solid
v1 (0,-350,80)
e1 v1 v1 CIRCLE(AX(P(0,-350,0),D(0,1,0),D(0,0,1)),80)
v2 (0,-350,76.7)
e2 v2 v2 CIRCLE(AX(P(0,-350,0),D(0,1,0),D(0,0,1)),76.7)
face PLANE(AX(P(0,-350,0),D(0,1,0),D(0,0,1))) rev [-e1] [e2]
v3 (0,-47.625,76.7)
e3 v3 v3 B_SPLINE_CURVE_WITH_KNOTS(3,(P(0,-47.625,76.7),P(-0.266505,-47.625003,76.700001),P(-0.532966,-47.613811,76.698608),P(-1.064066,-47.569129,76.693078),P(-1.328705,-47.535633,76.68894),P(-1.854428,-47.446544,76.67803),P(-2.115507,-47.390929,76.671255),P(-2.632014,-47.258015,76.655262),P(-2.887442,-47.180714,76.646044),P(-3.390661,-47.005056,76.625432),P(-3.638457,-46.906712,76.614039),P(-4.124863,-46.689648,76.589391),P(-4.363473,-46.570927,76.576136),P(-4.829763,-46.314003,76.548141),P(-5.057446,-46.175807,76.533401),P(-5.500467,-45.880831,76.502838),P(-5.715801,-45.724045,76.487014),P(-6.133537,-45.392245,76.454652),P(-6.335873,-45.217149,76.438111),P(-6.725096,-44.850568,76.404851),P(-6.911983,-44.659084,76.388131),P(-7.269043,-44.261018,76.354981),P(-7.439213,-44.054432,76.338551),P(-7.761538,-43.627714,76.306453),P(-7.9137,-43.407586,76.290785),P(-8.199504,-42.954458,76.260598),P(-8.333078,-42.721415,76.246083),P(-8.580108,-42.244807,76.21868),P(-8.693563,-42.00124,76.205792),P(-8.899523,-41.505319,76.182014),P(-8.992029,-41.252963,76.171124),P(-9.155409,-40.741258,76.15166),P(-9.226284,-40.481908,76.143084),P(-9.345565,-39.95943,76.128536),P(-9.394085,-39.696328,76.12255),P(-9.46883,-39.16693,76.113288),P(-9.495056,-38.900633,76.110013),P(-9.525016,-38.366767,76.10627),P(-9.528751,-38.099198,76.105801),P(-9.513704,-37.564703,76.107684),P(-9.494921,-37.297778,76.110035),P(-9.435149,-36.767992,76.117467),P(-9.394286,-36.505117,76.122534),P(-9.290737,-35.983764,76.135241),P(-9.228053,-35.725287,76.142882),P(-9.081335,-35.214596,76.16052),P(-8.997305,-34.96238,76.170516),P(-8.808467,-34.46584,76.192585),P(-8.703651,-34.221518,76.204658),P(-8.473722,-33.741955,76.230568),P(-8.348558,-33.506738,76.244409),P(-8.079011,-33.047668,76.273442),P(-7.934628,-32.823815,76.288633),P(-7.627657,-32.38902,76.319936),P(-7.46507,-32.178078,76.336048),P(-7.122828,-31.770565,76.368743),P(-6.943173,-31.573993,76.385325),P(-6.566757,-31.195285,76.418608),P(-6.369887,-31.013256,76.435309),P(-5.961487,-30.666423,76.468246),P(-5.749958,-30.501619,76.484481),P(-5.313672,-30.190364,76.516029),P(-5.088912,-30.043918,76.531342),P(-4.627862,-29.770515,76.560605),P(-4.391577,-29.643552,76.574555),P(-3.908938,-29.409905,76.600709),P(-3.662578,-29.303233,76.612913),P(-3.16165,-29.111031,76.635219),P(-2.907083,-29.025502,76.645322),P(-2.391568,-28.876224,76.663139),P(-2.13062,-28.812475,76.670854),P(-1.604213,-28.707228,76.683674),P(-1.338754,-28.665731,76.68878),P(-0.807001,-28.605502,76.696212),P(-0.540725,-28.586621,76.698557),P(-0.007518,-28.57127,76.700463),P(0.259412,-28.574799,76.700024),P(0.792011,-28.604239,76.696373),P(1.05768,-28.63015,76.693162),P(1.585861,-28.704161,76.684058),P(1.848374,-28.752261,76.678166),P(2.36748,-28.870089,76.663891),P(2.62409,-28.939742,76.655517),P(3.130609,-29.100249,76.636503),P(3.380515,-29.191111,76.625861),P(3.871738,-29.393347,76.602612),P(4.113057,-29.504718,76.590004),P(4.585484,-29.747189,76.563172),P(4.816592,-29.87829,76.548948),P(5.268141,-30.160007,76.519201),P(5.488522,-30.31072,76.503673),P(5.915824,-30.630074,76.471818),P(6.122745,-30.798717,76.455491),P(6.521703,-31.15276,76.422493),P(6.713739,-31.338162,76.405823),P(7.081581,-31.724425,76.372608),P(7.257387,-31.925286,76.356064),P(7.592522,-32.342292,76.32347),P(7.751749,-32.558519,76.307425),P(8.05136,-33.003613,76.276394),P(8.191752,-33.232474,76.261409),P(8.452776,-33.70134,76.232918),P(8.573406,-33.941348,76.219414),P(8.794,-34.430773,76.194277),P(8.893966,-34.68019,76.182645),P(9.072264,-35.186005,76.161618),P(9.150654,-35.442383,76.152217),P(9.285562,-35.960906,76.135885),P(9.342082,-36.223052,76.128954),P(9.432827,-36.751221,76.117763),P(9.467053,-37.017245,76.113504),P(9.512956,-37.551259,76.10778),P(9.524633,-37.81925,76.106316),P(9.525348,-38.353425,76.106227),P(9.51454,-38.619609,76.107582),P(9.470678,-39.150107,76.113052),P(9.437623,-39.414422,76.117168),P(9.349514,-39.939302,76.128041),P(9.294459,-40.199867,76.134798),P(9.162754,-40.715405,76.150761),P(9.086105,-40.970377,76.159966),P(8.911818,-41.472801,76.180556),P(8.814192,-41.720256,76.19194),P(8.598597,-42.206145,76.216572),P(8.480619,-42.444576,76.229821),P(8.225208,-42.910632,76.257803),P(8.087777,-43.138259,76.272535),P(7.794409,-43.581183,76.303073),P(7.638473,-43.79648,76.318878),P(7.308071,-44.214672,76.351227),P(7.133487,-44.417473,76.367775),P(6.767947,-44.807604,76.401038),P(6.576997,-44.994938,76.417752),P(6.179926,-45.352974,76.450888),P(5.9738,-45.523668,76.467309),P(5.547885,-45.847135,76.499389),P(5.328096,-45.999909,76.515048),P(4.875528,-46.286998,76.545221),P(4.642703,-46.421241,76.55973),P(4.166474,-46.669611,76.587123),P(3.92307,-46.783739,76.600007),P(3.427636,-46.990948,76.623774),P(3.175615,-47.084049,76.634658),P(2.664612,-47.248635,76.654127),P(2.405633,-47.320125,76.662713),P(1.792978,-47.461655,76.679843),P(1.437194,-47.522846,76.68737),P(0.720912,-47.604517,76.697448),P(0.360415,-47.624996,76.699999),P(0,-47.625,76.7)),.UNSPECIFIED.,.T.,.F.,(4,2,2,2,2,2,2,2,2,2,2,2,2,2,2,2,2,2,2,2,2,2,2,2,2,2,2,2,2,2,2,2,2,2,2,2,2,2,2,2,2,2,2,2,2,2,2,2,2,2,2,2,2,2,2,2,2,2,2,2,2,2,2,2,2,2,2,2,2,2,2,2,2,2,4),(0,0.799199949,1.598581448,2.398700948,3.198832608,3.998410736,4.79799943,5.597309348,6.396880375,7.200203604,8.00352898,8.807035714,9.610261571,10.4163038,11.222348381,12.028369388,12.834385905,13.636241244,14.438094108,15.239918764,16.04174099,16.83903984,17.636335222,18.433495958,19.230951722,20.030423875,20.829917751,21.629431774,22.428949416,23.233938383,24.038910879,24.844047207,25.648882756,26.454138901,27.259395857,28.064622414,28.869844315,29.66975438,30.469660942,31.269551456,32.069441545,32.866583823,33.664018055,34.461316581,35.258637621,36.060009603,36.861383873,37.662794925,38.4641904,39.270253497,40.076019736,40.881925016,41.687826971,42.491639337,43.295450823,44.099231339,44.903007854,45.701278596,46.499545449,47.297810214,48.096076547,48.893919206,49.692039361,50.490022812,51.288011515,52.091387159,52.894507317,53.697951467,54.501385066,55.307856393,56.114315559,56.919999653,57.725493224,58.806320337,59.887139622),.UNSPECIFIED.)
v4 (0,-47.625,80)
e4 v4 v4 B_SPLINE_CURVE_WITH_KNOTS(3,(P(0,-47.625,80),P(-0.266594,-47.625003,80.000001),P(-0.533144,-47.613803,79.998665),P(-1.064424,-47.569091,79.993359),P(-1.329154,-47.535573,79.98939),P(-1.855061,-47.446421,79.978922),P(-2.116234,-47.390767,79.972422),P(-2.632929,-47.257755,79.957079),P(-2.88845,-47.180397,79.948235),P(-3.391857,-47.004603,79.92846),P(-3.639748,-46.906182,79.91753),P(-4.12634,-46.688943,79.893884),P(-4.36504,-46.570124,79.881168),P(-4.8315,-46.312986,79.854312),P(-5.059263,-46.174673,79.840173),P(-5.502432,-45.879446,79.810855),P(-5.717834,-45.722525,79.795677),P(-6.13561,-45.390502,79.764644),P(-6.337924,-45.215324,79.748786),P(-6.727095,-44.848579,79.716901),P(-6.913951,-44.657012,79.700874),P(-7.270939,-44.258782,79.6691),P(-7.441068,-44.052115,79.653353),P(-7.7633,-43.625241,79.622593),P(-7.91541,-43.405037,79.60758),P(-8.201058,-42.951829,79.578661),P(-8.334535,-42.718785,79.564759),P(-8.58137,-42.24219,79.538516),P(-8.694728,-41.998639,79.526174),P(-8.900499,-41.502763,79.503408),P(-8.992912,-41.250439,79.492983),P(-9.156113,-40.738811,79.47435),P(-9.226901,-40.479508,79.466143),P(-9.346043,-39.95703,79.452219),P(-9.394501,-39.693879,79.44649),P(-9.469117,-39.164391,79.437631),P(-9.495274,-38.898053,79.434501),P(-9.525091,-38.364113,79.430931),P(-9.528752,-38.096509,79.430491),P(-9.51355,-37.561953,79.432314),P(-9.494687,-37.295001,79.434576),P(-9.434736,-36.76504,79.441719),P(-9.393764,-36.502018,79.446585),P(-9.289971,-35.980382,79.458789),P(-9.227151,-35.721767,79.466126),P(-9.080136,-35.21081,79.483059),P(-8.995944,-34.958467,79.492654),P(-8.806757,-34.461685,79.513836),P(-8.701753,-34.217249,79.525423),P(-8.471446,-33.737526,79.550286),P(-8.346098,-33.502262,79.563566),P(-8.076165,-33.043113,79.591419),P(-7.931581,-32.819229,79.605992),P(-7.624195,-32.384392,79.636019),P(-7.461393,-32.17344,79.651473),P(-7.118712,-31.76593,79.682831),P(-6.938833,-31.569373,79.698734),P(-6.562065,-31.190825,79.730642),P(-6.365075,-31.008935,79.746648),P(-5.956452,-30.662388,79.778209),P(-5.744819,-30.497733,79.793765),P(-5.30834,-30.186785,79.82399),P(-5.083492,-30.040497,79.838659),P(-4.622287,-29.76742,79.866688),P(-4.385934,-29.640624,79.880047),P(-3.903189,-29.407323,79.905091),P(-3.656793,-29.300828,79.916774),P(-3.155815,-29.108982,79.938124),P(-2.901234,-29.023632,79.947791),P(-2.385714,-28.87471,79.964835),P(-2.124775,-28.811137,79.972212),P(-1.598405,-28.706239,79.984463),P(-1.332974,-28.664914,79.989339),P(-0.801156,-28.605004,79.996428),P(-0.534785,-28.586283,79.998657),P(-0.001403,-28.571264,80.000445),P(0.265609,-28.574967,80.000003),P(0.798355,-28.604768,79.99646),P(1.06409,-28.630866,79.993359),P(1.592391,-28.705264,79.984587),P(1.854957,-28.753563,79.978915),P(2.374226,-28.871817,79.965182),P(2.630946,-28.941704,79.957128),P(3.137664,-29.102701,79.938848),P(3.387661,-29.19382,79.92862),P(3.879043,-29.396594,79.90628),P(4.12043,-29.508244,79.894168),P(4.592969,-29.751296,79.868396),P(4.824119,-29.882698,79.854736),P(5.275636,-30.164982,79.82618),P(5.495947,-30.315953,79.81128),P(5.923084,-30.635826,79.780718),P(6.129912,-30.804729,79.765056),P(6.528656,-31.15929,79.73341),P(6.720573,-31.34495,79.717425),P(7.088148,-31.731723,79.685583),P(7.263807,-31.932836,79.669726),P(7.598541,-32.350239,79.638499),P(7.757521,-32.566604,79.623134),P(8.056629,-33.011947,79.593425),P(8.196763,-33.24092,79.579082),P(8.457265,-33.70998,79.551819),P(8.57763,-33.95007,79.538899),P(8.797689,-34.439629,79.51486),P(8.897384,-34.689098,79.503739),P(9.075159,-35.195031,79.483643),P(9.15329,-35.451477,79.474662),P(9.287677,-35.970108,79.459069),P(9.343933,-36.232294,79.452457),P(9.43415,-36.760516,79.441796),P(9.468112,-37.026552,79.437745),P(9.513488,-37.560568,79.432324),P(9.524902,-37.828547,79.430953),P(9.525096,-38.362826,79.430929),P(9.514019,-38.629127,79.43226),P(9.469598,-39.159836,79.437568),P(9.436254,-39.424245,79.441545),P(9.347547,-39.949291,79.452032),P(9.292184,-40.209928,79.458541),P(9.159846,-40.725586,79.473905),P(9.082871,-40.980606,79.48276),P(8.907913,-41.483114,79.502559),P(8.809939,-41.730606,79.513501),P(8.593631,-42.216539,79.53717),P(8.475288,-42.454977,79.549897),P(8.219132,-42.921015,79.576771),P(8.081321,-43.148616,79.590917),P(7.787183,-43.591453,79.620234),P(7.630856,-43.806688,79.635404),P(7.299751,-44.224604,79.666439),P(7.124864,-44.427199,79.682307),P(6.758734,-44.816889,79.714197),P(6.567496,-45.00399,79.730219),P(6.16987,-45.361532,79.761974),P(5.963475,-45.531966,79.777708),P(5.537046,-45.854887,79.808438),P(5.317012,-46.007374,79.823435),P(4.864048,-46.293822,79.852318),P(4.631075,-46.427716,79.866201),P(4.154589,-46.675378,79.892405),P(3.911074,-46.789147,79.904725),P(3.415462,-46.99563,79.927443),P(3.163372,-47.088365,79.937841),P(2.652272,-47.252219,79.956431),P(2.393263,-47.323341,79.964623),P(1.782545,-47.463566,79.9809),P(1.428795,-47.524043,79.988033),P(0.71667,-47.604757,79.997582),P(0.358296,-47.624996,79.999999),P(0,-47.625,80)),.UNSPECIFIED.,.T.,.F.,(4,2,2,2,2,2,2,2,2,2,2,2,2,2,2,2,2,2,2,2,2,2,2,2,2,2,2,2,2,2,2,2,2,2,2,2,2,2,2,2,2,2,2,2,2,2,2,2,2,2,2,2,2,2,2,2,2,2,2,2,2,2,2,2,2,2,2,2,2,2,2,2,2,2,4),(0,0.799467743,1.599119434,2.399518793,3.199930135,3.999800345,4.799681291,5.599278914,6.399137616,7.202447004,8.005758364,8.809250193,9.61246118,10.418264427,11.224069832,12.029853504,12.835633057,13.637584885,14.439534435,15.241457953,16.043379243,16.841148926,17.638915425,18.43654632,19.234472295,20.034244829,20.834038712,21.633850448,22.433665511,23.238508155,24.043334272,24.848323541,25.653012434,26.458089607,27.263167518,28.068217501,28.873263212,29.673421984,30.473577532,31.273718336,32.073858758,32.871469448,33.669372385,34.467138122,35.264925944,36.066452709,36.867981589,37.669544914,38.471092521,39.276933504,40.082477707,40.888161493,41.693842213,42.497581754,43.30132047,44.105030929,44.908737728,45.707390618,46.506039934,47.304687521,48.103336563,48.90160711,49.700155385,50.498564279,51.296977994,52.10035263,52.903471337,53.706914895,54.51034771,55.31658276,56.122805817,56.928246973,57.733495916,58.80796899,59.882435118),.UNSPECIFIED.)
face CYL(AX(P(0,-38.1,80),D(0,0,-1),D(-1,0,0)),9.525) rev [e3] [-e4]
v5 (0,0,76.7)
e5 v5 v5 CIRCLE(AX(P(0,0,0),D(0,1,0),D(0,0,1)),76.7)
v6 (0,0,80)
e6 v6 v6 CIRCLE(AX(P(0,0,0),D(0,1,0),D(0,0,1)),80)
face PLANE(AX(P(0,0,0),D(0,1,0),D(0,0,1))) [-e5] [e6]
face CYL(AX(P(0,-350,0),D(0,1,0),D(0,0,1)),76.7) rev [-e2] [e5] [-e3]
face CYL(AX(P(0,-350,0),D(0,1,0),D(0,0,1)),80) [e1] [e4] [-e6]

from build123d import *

# Parameters (mm, degrees)
CROQUIS2_R              = 80
CROQUIS2_R_2            = 76.7
SALIENTE_EXTRUIR1_DEPTH = 350
CROQUIS3_R              = 9.525
CORTAR_EXTRUIR1_DEPTH   = 368.831483155


with BuildPart() as part:
    # Croquis2 → Saliente-Extruir1 (new body)
    with BuildSketch(Plane(origin=(0, 0, 0), x_dir=(1, 0, 0), z_dir=(0, 1, 0))):
        with Locations(Location((0, 0, 0), (0, 0, 270))):
            Circle(CROQUIS2_R)
        with Locations(Location((0, 0, 0), (0, 0, 270))):
            Circle(CROQUIS2_R_2, mode=Mode.SUBTRACT)
    extrude(amount=-SALIENTE_EXTRUIR1_DEPTH)

    # Croquis3 → Cortar-Extruir1 (cut, through all)
    with BuildSketch(Plane.XY):
        with Locations(Location((0, -38.1, 0), (0, 0, 90))):
            Circle(CROQUIS3_R)
    extrude(amount=CORTAR_EXTRUIR1_DEPTH, mode=Mode.SUBTRACT)


solid = part.part
